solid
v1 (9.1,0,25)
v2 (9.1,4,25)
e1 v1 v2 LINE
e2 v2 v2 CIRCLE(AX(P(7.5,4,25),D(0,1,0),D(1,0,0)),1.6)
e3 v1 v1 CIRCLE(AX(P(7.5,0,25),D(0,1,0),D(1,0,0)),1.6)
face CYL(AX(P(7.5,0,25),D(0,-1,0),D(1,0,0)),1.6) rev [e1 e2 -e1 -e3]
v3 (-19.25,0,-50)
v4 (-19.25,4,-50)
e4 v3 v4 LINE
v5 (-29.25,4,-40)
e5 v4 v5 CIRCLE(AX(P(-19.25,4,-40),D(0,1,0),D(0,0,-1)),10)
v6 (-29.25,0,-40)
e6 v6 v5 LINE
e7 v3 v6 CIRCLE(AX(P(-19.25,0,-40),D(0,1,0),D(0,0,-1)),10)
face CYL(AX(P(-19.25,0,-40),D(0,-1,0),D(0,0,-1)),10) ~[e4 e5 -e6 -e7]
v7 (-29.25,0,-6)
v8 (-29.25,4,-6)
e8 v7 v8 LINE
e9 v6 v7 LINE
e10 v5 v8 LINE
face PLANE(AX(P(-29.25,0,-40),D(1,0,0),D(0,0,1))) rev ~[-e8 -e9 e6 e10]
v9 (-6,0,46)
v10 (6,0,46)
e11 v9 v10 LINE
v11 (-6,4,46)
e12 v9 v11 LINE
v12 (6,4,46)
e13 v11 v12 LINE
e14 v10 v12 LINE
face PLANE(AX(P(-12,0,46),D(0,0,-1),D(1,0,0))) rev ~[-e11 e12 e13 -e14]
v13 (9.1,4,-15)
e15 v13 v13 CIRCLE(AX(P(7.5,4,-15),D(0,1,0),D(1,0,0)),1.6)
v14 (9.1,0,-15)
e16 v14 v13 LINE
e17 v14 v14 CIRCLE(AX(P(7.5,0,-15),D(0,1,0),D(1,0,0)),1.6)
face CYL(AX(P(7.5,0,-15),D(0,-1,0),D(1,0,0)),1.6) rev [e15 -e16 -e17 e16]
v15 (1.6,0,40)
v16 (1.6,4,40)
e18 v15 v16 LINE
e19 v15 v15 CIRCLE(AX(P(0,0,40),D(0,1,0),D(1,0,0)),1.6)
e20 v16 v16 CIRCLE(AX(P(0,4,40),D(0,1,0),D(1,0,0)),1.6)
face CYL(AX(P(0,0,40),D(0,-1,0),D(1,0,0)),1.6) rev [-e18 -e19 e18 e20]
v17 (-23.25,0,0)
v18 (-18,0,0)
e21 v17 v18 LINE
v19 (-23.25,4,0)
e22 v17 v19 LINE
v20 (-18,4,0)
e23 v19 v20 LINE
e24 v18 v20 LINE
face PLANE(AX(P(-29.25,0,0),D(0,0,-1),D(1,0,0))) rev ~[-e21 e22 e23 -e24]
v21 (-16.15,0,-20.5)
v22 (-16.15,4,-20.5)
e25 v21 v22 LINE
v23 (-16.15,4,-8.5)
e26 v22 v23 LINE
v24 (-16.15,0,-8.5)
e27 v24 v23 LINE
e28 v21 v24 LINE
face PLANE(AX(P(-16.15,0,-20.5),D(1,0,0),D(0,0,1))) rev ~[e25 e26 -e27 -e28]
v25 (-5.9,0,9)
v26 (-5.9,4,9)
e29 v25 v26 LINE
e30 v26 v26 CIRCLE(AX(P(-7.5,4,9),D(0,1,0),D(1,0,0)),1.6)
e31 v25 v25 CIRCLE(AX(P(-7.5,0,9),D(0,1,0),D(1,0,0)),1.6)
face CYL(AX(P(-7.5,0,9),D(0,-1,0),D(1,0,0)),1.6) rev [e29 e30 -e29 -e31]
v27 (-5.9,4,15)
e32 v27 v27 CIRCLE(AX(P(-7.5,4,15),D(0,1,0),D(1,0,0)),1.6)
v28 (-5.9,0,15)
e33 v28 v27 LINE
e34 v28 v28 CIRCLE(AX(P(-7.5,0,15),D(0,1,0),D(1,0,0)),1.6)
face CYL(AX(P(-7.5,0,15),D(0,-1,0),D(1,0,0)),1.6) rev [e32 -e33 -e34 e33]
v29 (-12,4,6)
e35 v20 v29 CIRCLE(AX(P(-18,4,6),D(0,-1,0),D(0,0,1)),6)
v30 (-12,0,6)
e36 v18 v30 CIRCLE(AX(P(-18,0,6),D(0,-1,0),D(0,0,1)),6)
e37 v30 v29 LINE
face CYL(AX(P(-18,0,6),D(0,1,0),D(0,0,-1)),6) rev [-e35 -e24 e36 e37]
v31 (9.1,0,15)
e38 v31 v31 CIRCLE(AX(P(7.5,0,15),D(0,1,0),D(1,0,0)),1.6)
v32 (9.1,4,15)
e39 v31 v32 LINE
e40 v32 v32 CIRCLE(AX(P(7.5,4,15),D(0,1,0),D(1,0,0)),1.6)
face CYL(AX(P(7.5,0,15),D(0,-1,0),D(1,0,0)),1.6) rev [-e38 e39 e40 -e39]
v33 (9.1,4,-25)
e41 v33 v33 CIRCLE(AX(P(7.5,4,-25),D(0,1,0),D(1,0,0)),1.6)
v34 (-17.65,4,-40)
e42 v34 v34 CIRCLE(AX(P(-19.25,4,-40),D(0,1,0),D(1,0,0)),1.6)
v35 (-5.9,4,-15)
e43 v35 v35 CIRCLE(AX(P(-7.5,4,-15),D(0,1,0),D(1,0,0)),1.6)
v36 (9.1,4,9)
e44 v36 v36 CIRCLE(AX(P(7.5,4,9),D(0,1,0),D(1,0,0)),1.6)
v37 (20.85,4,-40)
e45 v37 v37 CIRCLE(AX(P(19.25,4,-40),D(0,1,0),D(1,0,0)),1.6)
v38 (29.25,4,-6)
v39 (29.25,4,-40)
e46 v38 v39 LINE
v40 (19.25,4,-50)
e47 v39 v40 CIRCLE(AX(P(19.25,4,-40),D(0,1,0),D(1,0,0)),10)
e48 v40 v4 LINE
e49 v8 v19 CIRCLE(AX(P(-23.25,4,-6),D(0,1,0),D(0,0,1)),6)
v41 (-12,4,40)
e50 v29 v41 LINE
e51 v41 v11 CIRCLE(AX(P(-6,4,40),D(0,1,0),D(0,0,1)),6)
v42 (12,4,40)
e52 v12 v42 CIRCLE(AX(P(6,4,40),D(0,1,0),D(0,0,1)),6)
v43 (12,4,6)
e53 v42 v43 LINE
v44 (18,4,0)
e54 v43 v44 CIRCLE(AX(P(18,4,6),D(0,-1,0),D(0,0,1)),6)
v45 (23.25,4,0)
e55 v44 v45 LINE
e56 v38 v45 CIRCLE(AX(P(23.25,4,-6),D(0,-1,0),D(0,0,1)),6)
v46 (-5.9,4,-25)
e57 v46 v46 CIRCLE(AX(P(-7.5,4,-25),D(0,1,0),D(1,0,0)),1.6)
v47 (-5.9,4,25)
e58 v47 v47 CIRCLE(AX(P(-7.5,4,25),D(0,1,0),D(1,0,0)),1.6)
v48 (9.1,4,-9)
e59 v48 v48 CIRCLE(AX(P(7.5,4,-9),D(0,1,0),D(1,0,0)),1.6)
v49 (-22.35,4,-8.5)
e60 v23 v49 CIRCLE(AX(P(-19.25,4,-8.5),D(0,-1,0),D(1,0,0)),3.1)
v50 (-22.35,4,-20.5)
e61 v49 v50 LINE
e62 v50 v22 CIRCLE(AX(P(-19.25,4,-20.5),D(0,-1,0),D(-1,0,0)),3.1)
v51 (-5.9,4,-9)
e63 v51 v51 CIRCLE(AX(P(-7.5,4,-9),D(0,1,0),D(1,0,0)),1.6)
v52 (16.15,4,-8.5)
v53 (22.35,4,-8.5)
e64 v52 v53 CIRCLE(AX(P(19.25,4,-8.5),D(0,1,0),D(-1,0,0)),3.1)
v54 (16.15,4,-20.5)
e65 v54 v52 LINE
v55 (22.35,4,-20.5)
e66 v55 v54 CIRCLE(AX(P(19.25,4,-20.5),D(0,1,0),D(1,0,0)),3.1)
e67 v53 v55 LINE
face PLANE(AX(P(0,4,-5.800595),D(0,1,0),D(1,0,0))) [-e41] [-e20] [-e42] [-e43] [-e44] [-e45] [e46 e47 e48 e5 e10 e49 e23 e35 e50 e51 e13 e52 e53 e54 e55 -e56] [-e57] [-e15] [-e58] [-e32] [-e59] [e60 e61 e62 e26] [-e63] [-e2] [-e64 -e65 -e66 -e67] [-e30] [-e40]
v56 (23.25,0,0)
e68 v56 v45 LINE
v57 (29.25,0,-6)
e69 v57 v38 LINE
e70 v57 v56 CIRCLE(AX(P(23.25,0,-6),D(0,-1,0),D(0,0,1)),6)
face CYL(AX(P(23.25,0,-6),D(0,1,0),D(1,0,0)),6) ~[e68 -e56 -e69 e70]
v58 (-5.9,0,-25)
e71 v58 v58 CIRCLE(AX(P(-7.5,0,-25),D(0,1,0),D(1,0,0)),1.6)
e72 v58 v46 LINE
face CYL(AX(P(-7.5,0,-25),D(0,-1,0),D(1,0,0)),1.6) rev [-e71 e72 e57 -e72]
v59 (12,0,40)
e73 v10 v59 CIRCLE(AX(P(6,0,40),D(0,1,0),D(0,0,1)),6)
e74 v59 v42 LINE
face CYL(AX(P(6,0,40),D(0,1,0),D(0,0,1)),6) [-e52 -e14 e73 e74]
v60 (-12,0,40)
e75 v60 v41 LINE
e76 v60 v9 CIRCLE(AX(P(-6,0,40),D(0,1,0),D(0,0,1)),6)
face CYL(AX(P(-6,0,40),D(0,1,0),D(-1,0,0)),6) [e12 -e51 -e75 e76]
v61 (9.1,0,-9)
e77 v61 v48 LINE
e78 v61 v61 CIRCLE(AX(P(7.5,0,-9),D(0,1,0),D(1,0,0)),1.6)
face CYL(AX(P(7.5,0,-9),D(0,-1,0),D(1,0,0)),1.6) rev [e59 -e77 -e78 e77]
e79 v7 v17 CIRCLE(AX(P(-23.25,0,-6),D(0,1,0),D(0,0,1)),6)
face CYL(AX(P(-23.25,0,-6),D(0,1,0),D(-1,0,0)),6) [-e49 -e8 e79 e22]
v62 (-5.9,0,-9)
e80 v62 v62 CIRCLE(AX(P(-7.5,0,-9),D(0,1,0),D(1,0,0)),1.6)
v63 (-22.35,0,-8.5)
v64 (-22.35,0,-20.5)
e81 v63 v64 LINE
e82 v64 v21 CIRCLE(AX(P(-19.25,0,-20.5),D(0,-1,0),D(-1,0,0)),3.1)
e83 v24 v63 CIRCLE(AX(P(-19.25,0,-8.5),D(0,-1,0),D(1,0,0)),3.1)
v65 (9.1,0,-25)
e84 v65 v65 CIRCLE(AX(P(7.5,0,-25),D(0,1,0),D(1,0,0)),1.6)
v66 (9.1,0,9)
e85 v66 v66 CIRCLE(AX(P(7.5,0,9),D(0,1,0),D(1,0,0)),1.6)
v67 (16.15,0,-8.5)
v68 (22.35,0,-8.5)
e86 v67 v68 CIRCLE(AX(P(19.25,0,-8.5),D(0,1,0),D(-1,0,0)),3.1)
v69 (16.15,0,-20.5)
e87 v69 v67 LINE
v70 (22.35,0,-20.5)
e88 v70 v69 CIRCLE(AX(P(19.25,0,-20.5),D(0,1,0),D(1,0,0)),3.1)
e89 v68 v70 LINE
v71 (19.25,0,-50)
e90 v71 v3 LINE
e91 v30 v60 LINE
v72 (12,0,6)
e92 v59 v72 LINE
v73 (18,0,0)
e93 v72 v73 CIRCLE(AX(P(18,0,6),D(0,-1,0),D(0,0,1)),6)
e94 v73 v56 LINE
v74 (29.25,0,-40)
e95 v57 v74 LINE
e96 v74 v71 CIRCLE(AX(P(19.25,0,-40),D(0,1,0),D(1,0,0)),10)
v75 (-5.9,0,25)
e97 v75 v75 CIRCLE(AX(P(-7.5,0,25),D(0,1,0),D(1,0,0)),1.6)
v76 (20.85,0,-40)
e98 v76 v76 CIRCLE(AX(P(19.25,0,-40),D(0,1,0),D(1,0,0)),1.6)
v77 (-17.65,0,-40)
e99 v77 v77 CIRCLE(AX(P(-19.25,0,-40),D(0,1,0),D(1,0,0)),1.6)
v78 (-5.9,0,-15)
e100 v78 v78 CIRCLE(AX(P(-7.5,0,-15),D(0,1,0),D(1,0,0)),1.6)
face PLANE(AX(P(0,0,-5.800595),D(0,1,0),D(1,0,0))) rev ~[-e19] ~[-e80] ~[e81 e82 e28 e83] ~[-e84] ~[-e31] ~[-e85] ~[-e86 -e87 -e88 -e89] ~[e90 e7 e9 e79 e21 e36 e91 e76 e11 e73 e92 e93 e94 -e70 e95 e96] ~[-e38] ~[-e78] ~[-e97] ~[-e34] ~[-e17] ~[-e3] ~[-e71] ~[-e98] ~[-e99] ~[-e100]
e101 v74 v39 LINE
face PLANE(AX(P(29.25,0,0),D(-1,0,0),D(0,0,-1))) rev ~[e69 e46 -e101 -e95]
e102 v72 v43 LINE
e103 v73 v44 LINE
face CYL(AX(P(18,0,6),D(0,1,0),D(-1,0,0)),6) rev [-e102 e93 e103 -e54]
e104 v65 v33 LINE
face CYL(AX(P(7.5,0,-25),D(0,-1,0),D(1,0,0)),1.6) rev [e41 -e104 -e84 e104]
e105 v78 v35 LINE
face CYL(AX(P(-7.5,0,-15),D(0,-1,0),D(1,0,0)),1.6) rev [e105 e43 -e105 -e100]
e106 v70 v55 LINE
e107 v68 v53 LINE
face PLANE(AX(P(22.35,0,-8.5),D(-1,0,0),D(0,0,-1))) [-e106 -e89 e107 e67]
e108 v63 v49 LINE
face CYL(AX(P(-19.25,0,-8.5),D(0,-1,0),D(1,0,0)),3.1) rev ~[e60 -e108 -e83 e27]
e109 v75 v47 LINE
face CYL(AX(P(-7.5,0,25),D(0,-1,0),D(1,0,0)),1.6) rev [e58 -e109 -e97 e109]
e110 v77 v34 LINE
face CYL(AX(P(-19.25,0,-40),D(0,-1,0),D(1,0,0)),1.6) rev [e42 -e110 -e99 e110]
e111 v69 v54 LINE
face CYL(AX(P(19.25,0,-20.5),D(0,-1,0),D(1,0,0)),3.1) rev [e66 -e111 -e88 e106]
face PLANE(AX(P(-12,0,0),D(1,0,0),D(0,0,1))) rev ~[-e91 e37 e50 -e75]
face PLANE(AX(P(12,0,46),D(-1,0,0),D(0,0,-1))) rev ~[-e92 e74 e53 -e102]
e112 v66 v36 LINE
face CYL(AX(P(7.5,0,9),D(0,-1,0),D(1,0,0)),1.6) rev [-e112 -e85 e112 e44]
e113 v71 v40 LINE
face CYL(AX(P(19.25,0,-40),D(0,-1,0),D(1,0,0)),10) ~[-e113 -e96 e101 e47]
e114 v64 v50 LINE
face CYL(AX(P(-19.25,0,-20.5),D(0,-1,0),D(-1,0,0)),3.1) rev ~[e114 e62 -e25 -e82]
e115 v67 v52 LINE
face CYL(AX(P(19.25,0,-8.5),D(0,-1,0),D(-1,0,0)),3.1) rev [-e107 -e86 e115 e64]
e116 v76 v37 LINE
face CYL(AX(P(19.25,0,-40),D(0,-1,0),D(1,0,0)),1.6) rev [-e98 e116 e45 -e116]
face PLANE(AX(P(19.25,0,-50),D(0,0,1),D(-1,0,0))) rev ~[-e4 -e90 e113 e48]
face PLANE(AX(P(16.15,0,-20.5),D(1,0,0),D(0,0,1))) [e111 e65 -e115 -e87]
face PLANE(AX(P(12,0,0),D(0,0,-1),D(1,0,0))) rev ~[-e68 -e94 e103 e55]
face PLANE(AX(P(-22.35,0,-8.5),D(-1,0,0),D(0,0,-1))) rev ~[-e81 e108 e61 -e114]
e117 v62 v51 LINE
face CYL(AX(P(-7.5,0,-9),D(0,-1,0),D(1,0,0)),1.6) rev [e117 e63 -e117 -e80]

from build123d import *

# Parameters (mm, degrees)
SKETCH1_R           = 1.6
BOSS_EXTRUDE1_DEPTH = 4
FILLET1_R           = 6


with BuildPart() as part:
    # Sketch1 → Boss-Extrude1 (new body)
    with BuildSketch(Plane(origin=(0, 0, 0), x_dir=(1, 0, 0), z_dir=(0, 1, 0))):
        with BuildLine():
            Line((-29.25, 40), (-29.25, 0))
            Line((-29.25, 0), (-12, 0))
            Line((-12, 0), (-12, -46))
            Line((-12, -46), (12, -46))
            Line((12, -46), (12, 0))
            Line((12, 0), (29.25, 0))
            Line((29.25, 0), (29.25, 40))
            ThreePointArc((29.25, 40), (26.321067812, 47.071067812), (19.25, 50))
            Line((19.25, 50), (-19.25, 50))
            ThreePointArc((-19.25, 50), (-26.321067812, 47.071067812), (-29.25, 40))
        make_face()
        with Locations((-19.25, 40)):
            Circle(SKETCH1_R, mode=Mode.SUBTRACT)
        with Locations((19.25, 40)):
            Circle(SKETCH1_R, mode=Mode.SUBTRACT)
        with Locations((0, -40)):
            Circle(SKETCH1_R, mode=Mode.SUBTRACT)
        with Locations((-7.5, 25)):
            Circle(SKETCH1_R, mode=Mode.SUBTRACT)
        with Locations((7.5, 25)):
            Circle(SKETCH1_R, mode=Mode.SUBTRACT)
        with Locations((7.5, 15)):
            Circle(SKETCH1_R, mode=Mode.SUBTRACT)
        with Locations((-7.5, 15)):
            Circle(SKETCH1_R, mode=Mode.SUBTRACT)
        with Locations((-7.5, 9)):
            Circle(SKETCH1_R, mode=Mode.SUBTRACT)
        with Locations((7.5, 9)):
            Circle(SKETCH1_R, mode=Mode.SUBTRACT)
        with Locations((7.5, -9)):
            Circle(SKETCH1_R, mode=Mode.SUBTRACT)
        with Locations((-7.5, -9)):
            Circle(SKETCH1_R, mode=Mode.SUBTRACT)
        with Locations((7.5, -15)):
            Circle(SKETCH1_R, mode=Mode.SUBTRACT)
        with Locations((-7.5, -15)):
            Circle(SKETCH1_R, mode=Mode.SUBTRACT)
        with Locations((7.5, -25)):
            Circle(SKETCH1_R, mode=Mode.SUBTRACT)
        with Locations((-7.5, -25)):
            Circle(SKETCH1_R, mode=Mode.SUBTRACT)
        with BuildLine():
            Line((-16.15, 20.5), (-16.15, 8.5))
            ThreePointArc((-16.15, 8.5), (-19.25, 5.4), (-22.35, 8.5))
            Line((-22.35, 8.5), (-22.35, 20.5))
            ThreePointArc((-22.35, 20.5), (-19.25, 23.6), (-16.15, 20.5))
        make_face(mode=Mode.SUBTRACT)
        with BuildLine():
            Line((16.15, 20.5), (16.15, 8.5))
            ThreePointArc((16.15, 8.5), (19.25, 5.4), (22.35, 8.5))
            Line((22.35, 8.5), (22.35, 20.5))
            ThreePointArc((22.35, 20.5), (19.25, 23.6), (16.15, 20.5))
        make_face(mode=Mode.SUBTRACT)
    extrude(amount=BOSS_EXTRUDE1_DEPTH)

    # Fillet1
    fillet1_edges = [part.edges().sort_by_distance(p)[0] for p in [
        (29.25, 2, 0),
        (12, 2, 0),
        (12, 2, 46),
        (-12, 2, 46),
        (-12, 2, 0),
        (-29.25, 2, 0),
    ]]
    fillet(fillet1_edges, radius=FILLET1_R)


solid = part.part
